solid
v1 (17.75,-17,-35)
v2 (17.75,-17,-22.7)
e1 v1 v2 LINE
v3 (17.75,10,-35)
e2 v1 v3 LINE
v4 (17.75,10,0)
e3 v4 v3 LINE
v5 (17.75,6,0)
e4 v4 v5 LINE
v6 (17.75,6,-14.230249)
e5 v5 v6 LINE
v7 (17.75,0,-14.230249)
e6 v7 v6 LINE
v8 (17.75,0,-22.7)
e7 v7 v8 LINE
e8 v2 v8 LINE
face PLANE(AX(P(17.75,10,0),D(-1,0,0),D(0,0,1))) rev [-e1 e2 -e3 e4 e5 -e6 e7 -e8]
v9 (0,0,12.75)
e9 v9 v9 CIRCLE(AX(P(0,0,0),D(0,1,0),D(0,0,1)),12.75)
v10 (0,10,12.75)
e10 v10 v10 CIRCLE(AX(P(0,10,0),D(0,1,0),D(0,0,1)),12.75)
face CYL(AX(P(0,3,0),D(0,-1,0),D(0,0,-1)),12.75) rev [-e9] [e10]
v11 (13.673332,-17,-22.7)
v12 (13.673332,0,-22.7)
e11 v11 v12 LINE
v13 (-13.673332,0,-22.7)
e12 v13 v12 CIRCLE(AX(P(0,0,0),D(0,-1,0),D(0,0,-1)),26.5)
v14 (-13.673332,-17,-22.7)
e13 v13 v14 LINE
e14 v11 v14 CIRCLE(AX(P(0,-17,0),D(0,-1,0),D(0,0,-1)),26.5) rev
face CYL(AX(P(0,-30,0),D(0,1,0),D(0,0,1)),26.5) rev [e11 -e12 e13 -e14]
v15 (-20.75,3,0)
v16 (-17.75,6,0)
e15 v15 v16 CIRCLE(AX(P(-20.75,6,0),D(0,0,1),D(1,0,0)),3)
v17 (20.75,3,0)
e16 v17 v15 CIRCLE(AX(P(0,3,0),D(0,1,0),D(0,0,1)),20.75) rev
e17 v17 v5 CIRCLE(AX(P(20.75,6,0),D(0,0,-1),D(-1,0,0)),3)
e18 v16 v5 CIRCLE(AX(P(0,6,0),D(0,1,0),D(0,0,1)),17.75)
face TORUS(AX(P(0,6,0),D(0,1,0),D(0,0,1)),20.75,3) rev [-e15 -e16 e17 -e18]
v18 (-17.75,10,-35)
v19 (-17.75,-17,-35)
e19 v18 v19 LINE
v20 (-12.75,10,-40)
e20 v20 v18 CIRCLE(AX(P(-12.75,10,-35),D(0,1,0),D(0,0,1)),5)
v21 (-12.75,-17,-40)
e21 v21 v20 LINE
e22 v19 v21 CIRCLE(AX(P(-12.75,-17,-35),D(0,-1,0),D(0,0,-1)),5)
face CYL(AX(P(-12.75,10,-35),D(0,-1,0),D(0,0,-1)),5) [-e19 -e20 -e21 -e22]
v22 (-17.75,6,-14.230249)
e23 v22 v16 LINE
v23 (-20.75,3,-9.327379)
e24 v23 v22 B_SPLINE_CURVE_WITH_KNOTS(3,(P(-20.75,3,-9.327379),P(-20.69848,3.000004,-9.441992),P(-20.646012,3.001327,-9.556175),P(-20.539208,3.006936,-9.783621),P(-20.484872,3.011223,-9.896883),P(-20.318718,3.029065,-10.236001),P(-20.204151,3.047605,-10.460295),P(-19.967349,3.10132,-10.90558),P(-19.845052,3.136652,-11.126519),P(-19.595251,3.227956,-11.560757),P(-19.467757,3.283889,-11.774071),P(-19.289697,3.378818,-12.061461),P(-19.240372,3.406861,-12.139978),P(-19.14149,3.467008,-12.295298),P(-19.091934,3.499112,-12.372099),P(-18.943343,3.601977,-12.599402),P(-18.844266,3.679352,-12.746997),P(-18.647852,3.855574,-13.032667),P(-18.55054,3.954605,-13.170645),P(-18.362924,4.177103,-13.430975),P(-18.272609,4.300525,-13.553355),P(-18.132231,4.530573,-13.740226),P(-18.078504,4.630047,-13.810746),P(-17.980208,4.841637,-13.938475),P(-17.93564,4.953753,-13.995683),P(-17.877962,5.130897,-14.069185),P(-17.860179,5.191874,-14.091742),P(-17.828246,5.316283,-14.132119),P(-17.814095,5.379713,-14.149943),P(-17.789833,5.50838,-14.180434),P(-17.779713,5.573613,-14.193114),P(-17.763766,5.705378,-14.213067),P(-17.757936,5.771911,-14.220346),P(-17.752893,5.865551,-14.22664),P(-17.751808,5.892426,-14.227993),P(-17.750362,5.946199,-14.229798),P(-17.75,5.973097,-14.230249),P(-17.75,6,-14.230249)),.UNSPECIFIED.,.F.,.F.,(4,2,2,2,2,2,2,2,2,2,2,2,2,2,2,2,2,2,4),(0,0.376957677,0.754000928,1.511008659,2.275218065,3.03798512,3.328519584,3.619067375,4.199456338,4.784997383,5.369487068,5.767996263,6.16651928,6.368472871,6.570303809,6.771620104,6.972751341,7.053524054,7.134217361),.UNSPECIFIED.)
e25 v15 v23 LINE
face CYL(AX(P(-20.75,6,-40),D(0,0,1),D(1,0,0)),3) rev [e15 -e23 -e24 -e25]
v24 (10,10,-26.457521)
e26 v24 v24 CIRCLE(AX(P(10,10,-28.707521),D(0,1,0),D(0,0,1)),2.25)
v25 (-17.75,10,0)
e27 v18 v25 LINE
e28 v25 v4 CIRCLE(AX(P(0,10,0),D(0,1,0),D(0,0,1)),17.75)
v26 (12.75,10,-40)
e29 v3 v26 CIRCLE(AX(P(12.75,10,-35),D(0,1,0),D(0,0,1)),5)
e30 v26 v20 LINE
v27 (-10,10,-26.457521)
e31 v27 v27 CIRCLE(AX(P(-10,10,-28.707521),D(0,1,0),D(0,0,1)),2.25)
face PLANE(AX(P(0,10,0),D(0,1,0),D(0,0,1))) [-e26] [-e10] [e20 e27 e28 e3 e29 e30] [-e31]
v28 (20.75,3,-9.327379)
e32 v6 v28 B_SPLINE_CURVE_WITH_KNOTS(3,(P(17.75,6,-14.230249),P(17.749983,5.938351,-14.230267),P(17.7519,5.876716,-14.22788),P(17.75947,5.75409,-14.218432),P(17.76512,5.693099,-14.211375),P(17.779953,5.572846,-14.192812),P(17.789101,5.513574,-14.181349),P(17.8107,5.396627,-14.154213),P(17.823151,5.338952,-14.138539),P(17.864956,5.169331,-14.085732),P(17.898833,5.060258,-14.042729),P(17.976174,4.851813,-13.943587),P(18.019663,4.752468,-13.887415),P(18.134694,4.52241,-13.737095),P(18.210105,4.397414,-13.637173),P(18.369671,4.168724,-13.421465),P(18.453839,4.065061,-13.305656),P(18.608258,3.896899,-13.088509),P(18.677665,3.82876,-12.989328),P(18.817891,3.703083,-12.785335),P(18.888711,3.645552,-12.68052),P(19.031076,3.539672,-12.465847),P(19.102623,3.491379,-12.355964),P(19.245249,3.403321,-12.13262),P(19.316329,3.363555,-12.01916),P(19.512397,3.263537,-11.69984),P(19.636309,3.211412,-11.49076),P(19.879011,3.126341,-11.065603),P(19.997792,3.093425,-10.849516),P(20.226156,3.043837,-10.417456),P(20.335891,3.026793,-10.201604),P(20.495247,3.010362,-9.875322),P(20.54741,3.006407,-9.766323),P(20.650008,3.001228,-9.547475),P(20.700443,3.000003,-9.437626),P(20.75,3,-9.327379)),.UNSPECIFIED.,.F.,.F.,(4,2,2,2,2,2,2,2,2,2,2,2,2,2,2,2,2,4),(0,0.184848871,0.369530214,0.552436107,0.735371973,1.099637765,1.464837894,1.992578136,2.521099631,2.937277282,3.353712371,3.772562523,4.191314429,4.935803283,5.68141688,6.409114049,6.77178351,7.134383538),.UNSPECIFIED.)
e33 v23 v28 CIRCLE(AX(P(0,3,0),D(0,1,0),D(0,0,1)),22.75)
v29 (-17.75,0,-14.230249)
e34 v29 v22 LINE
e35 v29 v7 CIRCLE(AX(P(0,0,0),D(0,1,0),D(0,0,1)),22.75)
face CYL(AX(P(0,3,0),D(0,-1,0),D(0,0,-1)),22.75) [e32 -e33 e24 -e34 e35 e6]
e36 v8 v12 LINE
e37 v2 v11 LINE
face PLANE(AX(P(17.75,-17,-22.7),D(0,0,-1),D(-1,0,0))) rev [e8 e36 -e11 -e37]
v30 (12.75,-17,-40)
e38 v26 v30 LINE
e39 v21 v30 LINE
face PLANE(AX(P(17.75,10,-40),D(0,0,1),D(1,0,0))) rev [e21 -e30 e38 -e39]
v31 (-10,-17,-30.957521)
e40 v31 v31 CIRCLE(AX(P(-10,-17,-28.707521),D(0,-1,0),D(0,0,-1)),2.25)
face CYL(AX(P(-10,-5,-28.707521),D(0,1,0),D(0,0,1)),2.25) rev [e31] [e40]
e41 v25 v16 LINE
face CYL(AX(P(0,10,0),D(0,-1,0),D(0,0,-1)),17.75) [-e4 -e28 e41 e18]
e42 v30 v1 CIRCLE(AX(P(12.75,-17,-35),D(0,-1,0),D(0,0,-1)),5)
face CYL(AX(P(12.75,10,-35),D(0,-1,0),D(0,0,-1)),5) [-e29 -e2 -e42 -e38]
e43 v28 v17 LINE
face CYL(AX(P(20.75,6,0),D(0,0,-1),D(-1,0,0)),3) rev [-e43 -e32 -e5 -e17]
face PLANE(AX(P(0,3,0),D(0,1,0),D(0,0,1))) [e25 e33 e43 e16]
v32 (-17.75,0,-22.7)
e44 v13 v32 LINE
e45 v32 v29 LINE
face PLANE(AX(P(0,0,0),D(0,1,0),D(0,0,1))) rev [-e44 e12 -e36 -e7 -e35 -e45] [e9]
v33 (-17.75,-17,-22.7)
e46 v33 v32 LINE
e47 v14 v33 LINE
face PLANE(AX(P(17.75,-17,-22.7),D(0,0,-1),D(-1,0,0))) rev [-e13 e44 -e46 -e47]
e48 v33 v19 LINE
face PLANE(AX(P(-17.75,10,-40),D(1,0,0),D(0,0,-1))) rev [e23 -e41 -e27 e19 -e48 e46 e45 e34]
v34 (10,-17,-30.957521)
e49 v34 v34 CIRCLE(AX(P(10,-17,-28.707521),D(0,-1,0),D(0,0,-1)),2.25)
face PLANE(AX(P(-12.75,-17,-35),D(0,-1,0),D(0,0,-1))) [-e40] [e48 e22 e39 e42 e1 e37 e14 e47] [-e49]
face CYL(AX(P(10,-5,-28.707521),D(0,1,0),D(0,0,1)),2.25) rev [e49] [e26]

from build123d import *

# Parameters (mm, degrees)
SKETCH1_R           = 22.75
SKETCH1_R_2         = 12.75
BOSS_EXTRUDE1_DEPTH = 3
SKETCH2_R           = 12.75
BOSS_EXTRUDE2_DEPTH = 7
BOSS_EXTRUDE3_START = 3
BOSS_EXTRUDE3_DEPTH = 3
FILLET4_R           = 5
SKETCH4_R           = 2.25
CUT_EXTRUDE1_DEPTH  = 15
FILLET5_R           = 3
SKETCH6_R           = 2.25
BOSS_EXTRUDE4_DEPTH = 17
SKETCH7_R           = 26.5
CUT_EXTRUDE3_DEPTH  = 30


with BuildPart() as part:
    # Sketch1 → Boss-Extrude1 (new body)
    with BuildSketch(Plane(origin=(0, 0, 0), x_dir=(1, 0, 0), z_dir=(0, 1, 0))):
        with Locations(Location((0, 0, 0), (0, 0, 270))):
            Circle(SKETCH1_R)
        with Locations(Location((0, 0, 0), (0, 0, 270))):
            Circle(SKETCH1_R_2, mode=Mode.SUBTRACT)
    extrude(amount=BOSS_EXTRUDE1_DEPTH)

    # Sketch2 → Boss-Extrude2 (add)
    with BuildSketch(Plane(origin=(0, 3, 0), x_dir=(1, 0, 0), z_dir=(0, 1, 0))):
        with BuildLine():
            Line((17.75, 0), (17.75, 40))
            Line((17.75, 40), (-17.75, 40))
            Line((-17.75, 40), (-17.75, 0))
            ThreePointArc((-17.75, 0), (-14.209371907, -10.637492656), (-5, -17.03122133))
            ThreePointArc((-5, -17.03122133), (0, -17.75), (5, -17.03122133))
            ThreePointArc((5, -17.03122133), (14.209371907, -10.637492656), (17.75, 0))
        make_face()
        with Locations(Location((0, 0, 0), (0, 0, 270))):
            Circle(SKETCH2_R, mode=Mode.SUBTRACT)
    extrude(amount=BOSS_EXTRUDE2_DEPTH)

    # Sketch3 → Boss-Extrude3 (add)
    with BuildSketch(Plane.XZ.offset(-3).offset(BOSS_EXTRUDE3_START)):
        with BuildLine():
            Line((17.75, -40), (17.75, -14.230249471))
            ThreePointArc((17.75, -14.230249471), (0, -22.75), (-17.75, -14.230249471))
            Line((-17.75, -14.230249471), (-17.75, -40))
            Line((-17.75, -40), (17.75, -40))
        make_face()
    extrude(amount=-BOSS_EXTRUDE3_DEPTH)

    # Fillet4
    fillet4_edges = [part.edges().sort_by_distance(p)[0] for p in [
        (17.75, 5, -40),
        (-17.75, 5, -40),
    ]]
    fillet(fillet4_edges, radius=FILLET4_R)

    # Sketch4 → Cut-Extrude1 (cut)
    with BuildSketch(Plane(origin=(0, 10, 0), x_dir=(1, 0, 0), z_dir=(0, 1, 0))):
        with Locations(Location((10, 28.707521, 0), (0, 0, 270))):
            Circle(SKETCH4_R)
        with Locations(Location((-10, 28.707521, 0), (0, 0, 270))):
            Circle(SKETCH4_R)
    extrude(amount=-CUT_EXTRUDE1_DEPTH, mode=Mode.SUBTRACT)

    # Fillet5
    fillet5_edges = [part.edges().sort_by_distance(p)[0] for p in [
        (-17.75, 3, -7.115124735),
        (17.75, 3, -7.115124735),
        (0, 3, 17.75),
    ]]
    fillet(fillet5_edges, radius=FILLET5_R)

    # Sketch6 → Boss-Extrude4 (add)
    with BuildSketch(Plane(origin=(0, 0, 0), x_dir=(-1, 0, 0), z_dir=(0, -1, 0))):
        with BuildLine():
            Line((17.75, 22.7), (17.75, 35))
            ThreePointArc((17.75, 35), (16.285533906, 38.535533906), (12.75, 40))
            Line((12.75, 40), (-12.75, 40))
            ThreePointArc((-12.75, 40), (-16.285533906, 38.535533906), (-17.75, 35))
            Line((-17.75, 35), (-17.75, 22.7))
            Line((-17.75, 22.7), (17.75, 22.7))
        make_face()
        with Locations(Location((10, 28.707521, 0), (0, 0, 270))):
            Circle(SKETCH6_R, mode=Mode.SUBTRACT)
        with Locations(Location((-10, 28.707521, 0), (0, 0, 270))):
            Circle(SKETCH6_R, mode=Mode.SUBTRACT)
    extrude(amount=BOSS_EXTRUDE4_DEPTH)

    # Sketch7 → Cut-Extrude3 (cut)
    with BuildSketch(Plane(origin=(0, 0, 0), x_dir=(-1, 0, 0), z_dir=(0, -1, 0))):
        Circle(SKETCH7_R)
    extrude(amount=CUT_EXTRUDE3_DEPTH, mode=Mode.SUBTRACT)


solid = part.part
